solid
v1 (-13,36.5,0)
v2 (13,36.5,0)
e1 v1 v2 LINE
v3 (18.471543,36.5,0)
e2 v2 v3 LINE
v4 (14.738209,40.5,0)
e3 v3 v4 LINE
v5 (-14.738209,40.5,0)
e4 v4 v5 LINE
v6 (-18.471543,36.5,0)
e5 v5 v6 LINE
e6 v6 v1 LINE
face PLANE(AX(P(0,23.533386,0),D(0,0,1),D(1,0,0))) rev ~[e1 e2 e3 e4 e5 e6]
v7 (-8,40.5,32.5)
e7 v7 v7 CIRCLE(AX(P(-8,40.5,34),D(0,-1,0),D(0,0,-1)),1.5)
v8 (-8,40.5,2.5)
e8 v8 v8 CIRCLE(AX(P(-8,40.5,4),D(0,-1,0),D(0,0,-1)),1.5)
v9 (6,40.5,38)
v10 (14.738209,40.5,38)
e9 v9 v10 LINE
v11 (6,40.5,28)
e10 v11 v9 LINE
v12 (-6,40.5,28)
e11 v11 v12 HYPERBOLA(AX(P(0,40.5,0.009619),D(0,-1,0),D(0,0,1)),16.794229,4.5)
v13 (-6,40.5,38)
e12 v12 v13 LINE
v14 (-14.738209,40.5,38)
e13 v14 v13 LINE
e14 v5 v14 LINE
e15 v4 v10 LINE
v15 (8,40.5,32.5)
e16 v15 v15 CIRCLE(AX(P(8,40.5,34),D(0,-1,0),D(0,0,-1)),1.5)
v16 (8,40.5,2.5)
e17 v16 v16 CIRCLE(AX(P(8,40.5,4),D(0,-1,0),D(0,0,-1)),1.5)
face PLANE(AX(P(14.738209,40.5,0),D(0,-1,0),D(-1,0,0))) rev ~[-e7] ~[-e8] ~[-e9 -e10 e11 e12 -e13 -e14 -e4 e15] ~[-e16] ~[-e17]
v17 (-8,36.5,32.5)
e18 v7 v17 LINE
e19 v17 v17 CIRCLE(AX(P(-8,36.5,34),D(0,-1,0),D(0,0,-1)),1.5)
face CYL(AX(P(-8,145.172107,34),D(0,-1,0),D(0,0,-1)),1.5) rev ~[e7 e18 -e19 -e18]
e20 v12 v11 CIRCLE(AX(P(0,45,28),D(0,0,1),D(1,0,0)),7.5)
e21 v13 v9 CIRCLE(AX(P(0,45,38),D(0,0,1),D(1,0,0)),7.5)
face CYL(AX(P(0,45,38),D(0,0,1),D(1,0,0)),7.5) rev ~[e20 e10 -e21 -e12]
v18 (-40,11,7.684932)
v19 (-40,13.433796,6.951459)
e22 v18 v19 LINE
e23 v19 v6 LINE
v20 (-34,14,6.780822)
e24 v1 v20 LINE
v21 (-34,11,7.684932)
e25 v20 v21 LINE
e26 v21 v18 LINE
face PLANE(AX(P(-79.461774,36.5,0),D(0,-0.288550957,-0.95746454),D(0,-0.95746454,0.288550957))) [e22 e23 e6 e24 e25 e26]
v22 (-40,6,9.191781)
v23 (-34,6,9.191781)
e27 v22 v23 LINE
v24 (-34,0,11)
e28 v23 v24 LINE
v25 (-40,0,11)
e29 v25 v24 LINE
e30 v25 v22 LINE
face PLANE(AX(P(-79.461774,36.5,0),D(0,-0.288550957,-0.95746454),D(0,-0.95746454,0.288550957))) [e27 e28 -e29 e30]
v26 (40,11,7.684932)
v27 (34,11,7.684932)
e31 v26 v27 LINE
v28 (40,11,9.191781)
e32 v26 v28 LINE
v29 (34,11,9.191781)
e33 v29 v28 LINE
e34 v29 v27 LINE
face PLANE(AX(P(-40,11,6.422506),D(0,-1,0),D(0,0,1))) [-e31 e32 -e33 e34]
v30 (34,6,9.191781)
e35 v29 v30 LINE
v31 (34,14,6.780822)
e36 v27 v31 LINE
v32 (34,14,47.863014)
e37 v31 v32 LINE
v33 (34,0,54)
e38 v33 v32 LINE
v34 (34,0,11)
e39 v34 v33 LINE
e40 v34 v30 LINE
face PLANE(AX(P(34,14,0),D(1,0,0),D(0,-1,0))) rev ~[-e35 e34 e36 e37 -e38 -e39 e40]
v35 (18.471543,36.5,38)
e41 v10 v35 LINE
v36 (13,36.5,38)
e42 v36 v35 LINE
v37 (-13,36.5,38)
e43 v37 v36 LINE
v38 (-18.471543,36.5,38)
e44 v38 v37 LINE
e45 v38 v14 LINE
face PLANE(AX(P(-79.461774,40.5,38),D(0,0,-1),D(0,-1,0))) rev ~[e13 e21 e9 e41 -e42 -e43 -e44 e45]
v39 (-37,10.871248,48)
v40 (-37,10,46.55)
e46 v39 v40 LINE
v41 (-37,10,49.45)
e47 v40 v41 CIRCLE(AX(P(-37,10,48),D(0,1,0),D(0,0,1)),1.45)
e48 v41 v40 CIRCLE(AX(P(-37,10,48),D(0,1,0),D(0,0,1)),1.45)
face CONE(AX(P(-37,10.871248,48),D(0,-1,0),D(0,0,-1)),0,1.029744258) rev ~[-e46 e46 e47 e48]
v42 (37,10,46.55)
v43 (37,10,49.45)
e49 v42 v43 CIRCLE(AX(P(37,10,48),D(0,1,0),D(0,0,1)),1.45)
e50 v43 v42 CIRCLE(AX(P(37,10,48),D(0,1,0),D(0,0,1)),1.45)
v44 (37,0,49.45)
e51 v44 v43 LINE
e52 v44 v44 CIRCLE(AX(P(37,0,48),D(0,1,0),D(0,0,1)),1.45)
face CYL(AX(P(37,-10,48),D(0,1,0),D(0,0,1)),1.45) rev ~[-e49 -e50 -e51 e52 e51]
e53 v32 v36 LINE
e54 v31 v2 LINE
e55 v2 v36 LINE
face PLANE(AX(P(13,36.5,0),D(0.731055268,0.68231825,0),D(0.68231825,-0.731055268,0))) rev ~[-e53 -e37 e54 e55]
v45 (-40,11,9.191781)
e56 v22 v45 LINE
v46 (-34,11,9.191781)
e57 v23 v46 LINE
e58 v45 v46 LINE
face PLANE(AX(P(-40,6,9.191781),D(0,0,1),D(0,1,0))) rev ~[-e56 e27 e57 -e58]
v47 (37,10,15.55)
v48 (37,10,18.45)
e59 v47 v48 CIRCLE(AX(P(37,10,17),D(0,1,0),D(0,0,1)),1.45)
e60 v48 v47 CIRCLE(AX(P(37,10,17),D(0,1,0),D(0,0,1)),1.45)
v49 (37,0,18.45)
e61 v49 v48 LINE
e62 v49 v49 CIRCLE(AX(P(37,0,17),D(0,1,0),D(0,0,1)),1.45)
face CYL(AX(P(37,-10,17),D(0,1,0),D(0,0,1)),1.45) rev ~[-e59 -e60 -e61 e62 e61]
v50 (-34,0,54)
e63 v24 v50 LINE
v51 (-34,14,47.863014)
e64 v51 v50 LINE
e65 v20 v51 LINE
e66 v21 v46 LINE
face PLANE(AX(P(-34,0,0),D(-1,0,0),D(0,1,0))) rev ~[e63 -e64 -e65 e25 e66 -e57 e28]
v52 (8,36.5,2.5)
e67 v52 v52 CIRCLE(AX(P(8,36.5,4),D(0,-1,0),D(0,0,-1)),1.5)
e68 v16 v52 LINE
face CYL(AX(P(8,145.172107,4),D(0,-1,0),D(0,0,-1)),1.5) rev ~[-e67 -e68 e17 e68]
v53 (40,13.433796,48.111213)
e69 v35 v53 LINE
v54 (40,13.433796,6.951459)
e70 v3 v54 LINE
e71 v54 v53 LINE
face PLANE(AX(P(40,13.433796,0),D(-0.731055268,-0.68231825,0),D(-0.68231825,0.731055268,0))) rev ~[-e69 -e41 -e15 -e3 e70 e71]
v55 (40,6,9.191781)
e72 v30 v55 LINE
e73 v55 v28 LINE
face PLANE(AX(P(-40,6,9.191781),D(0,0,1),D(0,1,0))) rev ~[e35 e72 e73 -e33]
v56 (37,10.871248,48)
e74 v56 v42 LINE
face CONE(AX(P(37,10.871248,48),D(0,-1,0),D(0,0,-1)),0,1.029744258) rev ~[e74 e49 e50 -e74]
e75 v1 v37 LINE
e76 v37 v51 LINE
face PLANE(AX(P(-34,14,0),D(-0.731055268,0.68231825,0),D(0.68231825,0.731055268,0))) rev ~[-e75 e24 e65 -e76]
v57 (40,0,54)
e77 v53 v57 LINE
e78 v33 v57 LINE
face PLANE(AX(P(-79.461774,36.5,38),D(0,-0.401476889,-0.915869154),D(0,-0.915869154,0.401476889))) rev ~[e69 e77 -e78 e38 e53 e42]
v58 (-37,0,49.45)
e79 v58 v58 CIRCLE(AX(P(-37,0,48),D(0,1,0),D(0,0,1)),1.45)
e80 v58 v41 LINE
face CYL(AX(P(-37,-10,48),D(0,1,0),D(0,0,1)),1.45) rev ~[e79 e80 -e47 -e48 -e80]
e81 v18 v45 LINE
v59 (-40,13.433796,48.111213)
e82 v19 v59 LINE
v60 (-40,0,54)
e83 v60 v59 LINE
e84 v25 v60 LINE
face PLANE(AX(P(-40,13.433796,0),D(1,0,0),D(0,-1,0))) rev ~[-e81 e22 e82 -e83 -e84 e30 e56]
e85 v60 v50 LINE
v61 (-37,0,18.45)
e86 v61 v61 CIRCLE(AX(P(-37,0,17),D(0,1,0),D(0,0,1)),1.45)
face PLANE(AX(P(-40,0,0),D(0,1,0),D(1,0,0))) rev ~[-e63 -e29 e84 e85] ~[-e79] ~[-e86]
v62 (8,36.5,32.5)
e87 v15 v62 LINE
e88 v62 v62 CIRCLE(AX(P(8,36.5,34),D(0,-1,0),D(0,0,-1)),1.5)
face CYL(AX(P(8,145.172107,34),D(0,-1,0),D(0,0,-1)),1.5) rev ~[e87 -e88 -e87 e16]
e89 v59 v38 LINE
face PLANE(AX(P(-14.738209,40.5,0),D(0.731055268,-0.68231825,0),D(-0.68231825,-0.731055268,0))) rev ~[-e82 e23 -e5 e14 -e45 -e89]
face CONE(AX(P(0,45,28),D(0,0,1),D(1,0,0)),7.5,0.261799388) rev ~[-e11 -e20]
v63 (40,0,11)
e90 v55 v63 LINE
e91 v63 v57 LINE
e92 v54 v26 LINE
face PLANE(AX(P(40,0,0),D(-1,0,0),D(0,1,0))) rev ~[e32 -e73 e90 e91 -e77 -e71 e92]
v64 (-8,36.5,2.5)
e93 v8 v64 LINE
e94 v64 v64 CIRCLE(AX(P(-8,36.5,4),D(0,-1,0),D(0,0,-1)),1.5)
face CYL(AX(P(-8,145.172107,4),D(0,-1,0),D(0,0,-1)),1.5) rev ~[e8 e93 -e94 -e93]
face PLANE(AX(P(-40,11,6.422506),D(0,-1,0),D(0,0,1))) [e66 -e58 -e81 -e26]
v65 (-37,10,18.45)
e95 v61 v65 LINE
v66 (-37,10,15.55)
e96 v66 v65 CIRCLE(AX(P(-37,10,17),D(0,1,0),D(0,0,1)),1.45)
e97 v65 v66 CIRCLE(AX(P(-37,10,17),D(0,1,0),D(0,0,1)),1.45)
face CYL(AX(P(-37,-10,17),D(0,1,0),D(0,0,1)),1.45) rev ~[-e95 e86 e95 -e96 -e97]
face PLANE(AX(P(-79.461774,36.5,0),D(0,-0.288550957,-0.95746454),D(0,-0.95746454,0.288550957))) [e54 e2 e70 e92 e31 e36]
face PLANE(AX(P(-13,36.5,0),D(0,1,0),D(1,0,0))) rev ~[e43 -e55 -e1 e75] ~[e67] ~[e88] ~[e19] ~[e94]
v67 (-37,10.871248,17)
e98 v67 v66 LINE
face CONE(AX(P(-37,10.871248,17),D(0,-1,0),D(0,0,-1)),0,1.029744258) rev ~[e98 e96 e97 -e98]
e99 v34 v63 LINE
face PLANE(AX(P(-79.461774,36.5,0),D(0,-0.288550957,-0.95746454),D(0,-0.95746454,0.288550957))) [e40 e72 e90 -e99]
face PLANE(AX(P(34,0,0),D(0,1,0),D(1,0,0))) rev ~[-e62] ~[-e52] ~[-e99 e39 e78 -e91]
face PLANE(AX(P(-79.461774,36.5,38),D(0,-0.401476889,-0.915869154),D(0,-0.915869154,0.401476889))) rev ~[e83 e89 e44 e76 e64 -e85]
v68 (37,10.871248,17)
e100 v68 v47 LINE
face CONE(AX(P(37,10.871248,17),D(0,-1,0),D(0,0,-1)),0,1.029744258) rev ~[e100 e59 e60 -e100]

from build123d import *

# Parameters (mm, degrees)
BOSS_EXTRUDE1_DEPTH       = 54
CUT_EXTRUDE1_DEPTH        = 79.461774132
CUT_EXTRUDE1_DEPTH_BACK   = 79.461774132
F_3_0MM_DOWEL_HOLE1_D     = 3
F_3_0MM_DOWEL_HOLE2_D     = 2.9
F_3_0MM_DOWEL_HOLE2_DEPTH = 10
F_3_0MM_DOWEL_HOLE2_TIP   = 0.871247898
SKETCH8_W                 = 2.769274519
SKETCH8_H                 = 5
CUT_EXTRUDE2_DEPTH        = 105.672107077
SKETCH10_R                = 7.5
CUT_EXTRUDE3_DEPTH        = 10
SKETCH11_R                = 7.5
CUT_EXTRUDE4_DEPTH        = 15
CUT_EXTRUDE4_DRAFT        = -15


with BuildPart() as part:
    # Sketch1 → Boss-Extrude1 (new body)
    with BuildSketch(Plane.XY):
        Polygon((14.738209208, 40.5), (-14.738209208, 40.5), (-40, 13.43379558), (-40, 0), (-34, 0), (-34, 14), (-13, 36.5), (13, 36.5), (34, 14), (34, 0), (40, 0), (40, 13.43379558), align=None)
    extrude(amount=BOSS_EXTRUDE1_DEPTH)

    # Sketch2 → Cut-Extrude1 (cut, two sides: drawn at the far end of the back side and taken through both)
    with BuildSketch(Plane(origin=(0, 0, 0), x_dir=(0, 0, -1), z_dir=(1, 0, 0)).offset(-CUT_EXTRUDE1_DEPTH_BACK)):
        Polygon((0, 36.5), (-11, 0), (0, 0), align=None)
        Polygon((-38, 40.5), (-38, 36.5), (-54, 0), (-54, 40.5), align=None)
    extrude(amount=CUT_EXTRUDE1_DEPTH + CUT_EXTRUDE1_DEPTH_BACK, mode=Mode.SUBTRACT)

    # Ø3.0mm Dowel Hole1 (through all)
    with Locations(Plane(origin=(-8, 40.5, 4), x_dir=(0, 0, 1), z_dir=(0, 1, 0))):
        with Locations((0, 0), (0, 16), (30, 16), (30, 0)):
            Hole(F_3_0MM_DOWEL_HOLE1_D / 2)

    # Ø3.0mm Dowel Hole2
    with Locations(Plane(origin=(-37, 0, 48), x_dir=(0, 0, -1), z_dir=(0, -1, 0))):
        with Locations((0, 0), (0, 74), (31, 74), (31, 0)):
            Hole(F_3_0MM_DOWEL_HOLE2_D / 2, depth=F_3_0MM_DOWEL_HOLE2_DEPTH)
            with Locations((0, 0, -(F_3_0MM_DOWEL_HOLE2_DEPTH + F_3_0MM_DOWEL_HOLE2_TIP / 2))):  # 118° drill point
                Cone(0, F_3_0MM_DOWEL_HOLE2_D / 2, F_3_0MM_DOWEL_HOLE2_TIP, mode=Mode.SUBTRACT)

    # Sketch8 → Cut-Extrude2 (cut, through all)
    with BuildSketch(Plane.ZY.offset(40)):
        with Locations((7.807143563, 8.5)):
            Rectangle(SKETCH8_W, SKETCH8_H)
    extrude(amount=-CUT_EXTRUDE2_DEPTH, mode=Mode.SUBTRACT)

    # Sketch10 → Cut-Extrude3 (cut)
    with BuildSketch(Plane.XY.offset(38)):
        with Locations((0, 45)):
            Circle(SKETCH10_R)
    extrude(amount=-CUT_EXTRUDE3_DEPTH, mode=Mode.SUBTRACT)


with BuildPart() as cut_extrude4_tool:
    # Sketch11 → Cut-Extrude4 (with draft: the straight prism first)
    with BuildSketch(Plane.XY.offset(28)):
        with Locations((0, 45)):
            Circle(SKETCH11_R)
    extrude(amount=-CUT_EXTRUDE4_DEPTH)
    # Cut-Extrude4: the draft: its side faces are tilted about the plane it starts from
    cut_extrude4_sides = [cut_extrude4_tool.faces().sort_by_distance(p)[0] for p in [
        (-7.5, 45, 20.5),
    ]]
    draft(cut_extrude4_sides, Plane.XY.offset(28), CUT_EXTRUDE4_DRAFT)


with BuildPart() as part_1:
    add(part.part)

    # Cut-Extrude4: cut by cut_extrude4_tool
    add(cut_extrude4_tool.part, mode=Mode.SUBTRACT)


solid = part_1.part
